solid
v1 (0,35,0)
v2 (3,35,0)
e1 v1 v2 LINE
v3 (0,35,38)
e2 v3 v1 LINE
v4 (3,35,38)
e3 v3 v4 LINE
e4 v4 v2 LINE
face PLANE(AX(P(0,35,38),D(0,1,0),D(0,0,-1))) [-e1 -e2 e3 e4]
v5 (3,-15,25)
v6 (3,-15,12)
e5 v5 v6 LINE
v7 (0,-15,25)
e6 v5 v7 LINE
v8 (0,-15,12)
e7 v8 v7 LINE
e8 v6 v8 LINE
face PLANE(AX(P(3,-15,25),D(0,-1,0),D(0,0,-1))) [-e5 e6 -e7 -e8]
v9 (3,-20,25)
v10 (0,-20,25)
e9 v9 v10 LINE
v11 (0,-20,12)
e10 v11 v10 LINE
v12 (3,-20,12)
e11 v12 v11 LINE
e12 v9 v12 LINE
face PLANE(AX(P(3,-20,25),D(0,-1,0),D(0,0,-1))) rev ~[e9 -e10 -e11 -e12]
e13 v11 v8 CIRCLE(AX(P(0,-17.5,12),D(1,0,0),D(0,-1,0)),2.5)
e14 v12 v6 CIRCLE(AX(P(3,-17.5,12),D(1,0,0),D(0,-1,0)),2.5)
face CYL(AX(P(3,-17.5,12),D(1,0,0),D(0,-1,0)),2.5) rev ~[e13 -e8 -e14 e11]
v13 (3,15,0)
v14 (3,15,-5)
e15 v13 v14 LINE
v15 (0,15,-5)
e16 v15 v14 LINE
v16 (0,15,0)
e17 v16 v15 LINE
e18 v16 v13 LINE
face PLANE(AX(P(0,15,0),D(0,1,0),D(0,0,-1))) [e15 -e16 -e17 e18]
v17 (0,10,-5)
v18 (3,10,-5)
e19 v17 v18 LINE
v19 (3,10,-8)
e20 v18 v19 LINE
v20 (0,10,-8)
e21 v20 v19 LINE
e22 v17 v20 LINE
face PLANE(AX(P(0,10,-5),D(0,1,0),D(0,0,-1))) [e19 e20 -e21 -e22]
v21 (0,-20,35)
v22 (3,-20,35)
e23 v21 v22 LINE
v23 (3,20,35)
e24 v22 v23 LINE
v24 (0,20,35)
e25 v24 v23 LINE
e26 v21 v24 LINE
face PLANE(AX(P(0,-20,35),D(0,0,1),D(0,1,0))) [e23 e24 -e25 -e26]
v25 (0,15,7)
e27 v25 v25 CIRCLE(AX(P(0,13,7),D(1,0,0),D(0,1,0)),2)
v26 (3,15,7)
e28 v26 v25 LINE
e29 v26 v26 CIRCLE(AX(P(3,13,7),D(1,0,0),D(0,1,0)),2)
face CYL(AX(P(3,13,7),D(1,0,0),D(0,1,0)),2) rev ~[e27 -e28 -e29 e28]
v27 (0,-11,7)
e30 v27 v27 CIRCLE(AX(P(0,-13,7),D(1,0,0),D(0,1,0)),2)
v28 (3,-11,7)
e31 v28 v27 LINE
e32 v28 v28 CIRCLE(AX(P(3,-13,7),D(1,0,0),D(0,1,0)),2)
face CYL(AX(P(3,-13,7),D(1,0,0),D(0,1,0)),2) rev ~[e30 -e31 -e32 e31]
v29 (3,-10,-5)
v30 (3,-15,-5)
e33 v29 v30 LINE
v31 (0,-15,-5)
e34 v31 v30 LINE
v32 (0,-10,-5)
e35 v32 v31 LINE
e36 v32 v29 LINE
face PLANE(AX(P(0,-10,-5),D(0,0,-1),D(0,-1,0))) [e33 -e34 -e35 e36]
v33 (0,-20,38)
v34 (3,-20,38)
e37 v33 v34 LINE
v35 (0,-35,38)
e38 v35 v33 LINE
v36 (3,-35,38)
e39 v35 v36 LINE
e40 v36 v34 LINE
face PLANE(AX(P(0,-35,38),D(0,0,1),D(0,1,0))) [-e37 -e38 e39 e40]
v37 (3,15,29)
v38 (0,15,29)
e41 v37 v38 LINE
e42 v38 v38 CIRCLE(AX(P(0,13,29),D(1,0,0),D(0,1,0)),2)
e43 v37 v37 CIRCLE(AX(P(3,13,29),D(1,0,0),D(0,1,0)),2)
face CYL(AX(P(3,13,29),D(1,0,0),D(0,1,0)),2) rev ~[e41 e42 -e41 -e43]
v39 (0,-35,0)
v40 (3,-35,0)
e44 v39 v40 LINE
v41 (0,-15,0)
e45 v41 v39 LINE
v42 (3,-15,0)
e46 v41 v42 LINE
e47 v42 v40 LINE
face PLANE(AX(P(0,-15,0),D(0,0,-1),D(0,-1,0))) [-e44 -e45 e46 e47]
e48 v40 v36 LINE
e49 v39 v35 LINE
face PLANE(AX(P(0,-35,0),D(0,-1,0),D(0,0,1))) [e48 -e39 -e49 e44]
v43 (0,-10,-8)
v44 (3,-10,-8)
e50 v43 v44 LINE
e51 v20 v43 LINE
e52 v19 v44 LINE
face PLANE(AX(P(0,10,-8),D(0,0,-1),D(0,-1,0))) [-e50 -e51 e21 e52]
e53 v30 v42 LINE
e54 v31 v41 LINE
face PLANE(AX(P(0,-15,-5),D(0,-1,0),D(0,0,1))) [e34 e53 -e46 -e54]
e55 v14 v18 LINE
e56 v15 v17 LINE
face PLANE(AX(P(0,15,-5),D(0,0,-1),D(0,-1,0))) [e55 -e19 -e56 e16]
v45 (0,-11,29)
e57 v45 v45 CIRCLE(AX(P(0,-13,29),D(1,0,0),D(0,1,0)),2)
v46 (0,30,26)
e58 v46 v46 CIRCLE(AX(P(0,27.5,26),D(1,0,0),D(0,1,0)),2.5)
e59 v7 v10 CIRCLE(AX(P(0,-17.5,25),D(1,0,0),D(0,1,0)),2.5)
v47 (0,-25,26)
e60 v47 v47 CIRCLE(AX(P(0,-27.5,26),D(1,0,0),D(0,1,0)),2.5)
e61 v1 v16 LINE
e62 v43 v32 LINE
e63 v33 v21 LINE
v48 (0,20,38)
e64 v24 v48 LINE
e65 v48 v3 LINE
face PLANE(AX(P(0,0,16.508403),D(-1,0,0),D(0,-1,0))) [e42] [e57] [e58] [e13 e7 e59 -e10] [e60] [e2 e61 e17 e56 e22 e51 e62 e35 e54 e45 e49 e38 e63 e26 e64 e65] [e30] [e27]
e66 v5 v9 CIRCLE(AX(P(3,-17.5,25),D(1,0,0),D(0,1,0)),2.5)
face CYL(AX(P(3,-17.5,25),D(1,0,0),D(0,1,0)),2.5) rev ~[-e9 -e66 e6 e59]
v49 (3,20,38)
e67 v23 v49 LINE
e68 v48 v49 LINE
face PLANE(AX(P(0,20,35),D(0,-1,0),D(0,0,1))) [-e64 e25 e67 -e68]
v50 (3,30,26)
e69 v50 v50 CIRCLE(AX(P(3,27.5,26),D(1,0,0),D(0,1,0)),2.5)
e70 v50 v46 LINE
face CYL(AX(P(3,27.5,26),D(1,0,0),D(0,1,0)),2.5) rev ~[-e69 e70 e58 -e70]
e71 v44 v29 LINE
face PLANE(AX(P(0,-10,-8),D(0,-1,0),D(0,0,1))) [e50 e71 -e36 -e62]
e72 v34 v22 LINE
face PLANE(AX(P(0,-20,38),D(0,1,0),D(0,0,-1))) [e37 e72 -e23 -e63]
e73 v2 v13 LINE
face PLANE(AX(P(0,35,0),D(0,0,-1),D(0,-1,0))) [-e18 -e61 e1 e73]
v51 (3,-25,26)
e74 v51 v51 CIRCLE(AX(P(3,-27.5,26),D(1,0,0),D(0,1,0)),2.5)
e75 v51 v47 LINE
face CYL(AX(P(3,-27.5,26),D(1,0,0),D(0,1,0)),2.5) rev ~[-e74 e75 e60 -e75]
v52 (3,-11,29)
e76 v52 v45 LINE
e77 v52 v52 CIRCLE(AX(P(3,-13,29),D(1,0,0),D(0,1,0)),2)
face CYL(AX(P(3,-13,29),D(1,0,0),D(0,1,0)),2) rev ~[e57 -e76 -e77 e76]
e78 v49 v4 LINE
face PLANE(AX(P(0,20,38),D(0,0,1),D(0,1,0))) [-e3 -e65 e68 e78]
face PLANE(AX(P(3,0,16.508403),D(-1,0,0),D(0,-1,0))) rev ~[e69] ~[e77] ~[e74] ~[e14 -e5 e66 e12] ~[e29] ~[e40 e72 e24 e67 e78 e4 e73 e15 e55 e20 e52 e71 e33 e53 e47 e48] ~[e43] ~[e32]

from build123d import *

# Parameters (mm, degrees)
PAD001_DEPTH    = 3
SKETCH010_R     = 2
POCKET007_DEPTH = 3.001
SKETCH011_R     = 2.5
POCKET008_DEPTH = 3.001


with BuildPart() as part:
    # Sketch004 → Pad001 (new body)
    with BuildSketch(Plane.YZ):
        Polygon((-35, 38), (-20, 38), (-20, 35), (20, 35), (20, 38), (35, 38), (35, 0), (15, 0), (15, -5), (10, -5), (10, -8), (-10, -8), (-10, -5), (-15, -5), (-15, 0), (-35, 0), align=None)
    extrude(amount=PAD001_DEPTH)

    # Sketch010 → Pocket007 (cut, through all)
    with BuildSketch(Plane.YZ.offset(3)):
        with Locations((-13, 29)):
            Circle(SKETCH010_R)
        with Locations((13, 29)):
            Circle(SKETCH010_R)
        with Locations((-13, 7)):
            Circle(SKETCH010_R)
        with Locations((13, 7)):
            Circle(SKETCH010_R)
        with BuildLine():
            Line((-20, 25), (-20, 12))
            ThreePointArc((-20, 12), (-17.5, 9.5), (-15, 12))
            Line((-15, 25), (-15, 12))
            ThreePointArc((-15, 25), (-17.5, 27.5), (-20, 25))
        make_face()
    extrude(amount=-POCKET007_DEPTH, mode=Mode.SUBTRACT)

    # Sketch011 → Pocket008 (cut, through all)
    with BuildSketch(Plane.YZ.offset(3)):
        with Locations((-27.5, 26)):
            Circle(SKETCH011_R)
        with Locations((27.5, 26)):
            Circle(SKETCH011_R)
    extrude(amount=-POCKET008_DEPTH, mode=Mode.SUBTRACT)


solid = part.part
